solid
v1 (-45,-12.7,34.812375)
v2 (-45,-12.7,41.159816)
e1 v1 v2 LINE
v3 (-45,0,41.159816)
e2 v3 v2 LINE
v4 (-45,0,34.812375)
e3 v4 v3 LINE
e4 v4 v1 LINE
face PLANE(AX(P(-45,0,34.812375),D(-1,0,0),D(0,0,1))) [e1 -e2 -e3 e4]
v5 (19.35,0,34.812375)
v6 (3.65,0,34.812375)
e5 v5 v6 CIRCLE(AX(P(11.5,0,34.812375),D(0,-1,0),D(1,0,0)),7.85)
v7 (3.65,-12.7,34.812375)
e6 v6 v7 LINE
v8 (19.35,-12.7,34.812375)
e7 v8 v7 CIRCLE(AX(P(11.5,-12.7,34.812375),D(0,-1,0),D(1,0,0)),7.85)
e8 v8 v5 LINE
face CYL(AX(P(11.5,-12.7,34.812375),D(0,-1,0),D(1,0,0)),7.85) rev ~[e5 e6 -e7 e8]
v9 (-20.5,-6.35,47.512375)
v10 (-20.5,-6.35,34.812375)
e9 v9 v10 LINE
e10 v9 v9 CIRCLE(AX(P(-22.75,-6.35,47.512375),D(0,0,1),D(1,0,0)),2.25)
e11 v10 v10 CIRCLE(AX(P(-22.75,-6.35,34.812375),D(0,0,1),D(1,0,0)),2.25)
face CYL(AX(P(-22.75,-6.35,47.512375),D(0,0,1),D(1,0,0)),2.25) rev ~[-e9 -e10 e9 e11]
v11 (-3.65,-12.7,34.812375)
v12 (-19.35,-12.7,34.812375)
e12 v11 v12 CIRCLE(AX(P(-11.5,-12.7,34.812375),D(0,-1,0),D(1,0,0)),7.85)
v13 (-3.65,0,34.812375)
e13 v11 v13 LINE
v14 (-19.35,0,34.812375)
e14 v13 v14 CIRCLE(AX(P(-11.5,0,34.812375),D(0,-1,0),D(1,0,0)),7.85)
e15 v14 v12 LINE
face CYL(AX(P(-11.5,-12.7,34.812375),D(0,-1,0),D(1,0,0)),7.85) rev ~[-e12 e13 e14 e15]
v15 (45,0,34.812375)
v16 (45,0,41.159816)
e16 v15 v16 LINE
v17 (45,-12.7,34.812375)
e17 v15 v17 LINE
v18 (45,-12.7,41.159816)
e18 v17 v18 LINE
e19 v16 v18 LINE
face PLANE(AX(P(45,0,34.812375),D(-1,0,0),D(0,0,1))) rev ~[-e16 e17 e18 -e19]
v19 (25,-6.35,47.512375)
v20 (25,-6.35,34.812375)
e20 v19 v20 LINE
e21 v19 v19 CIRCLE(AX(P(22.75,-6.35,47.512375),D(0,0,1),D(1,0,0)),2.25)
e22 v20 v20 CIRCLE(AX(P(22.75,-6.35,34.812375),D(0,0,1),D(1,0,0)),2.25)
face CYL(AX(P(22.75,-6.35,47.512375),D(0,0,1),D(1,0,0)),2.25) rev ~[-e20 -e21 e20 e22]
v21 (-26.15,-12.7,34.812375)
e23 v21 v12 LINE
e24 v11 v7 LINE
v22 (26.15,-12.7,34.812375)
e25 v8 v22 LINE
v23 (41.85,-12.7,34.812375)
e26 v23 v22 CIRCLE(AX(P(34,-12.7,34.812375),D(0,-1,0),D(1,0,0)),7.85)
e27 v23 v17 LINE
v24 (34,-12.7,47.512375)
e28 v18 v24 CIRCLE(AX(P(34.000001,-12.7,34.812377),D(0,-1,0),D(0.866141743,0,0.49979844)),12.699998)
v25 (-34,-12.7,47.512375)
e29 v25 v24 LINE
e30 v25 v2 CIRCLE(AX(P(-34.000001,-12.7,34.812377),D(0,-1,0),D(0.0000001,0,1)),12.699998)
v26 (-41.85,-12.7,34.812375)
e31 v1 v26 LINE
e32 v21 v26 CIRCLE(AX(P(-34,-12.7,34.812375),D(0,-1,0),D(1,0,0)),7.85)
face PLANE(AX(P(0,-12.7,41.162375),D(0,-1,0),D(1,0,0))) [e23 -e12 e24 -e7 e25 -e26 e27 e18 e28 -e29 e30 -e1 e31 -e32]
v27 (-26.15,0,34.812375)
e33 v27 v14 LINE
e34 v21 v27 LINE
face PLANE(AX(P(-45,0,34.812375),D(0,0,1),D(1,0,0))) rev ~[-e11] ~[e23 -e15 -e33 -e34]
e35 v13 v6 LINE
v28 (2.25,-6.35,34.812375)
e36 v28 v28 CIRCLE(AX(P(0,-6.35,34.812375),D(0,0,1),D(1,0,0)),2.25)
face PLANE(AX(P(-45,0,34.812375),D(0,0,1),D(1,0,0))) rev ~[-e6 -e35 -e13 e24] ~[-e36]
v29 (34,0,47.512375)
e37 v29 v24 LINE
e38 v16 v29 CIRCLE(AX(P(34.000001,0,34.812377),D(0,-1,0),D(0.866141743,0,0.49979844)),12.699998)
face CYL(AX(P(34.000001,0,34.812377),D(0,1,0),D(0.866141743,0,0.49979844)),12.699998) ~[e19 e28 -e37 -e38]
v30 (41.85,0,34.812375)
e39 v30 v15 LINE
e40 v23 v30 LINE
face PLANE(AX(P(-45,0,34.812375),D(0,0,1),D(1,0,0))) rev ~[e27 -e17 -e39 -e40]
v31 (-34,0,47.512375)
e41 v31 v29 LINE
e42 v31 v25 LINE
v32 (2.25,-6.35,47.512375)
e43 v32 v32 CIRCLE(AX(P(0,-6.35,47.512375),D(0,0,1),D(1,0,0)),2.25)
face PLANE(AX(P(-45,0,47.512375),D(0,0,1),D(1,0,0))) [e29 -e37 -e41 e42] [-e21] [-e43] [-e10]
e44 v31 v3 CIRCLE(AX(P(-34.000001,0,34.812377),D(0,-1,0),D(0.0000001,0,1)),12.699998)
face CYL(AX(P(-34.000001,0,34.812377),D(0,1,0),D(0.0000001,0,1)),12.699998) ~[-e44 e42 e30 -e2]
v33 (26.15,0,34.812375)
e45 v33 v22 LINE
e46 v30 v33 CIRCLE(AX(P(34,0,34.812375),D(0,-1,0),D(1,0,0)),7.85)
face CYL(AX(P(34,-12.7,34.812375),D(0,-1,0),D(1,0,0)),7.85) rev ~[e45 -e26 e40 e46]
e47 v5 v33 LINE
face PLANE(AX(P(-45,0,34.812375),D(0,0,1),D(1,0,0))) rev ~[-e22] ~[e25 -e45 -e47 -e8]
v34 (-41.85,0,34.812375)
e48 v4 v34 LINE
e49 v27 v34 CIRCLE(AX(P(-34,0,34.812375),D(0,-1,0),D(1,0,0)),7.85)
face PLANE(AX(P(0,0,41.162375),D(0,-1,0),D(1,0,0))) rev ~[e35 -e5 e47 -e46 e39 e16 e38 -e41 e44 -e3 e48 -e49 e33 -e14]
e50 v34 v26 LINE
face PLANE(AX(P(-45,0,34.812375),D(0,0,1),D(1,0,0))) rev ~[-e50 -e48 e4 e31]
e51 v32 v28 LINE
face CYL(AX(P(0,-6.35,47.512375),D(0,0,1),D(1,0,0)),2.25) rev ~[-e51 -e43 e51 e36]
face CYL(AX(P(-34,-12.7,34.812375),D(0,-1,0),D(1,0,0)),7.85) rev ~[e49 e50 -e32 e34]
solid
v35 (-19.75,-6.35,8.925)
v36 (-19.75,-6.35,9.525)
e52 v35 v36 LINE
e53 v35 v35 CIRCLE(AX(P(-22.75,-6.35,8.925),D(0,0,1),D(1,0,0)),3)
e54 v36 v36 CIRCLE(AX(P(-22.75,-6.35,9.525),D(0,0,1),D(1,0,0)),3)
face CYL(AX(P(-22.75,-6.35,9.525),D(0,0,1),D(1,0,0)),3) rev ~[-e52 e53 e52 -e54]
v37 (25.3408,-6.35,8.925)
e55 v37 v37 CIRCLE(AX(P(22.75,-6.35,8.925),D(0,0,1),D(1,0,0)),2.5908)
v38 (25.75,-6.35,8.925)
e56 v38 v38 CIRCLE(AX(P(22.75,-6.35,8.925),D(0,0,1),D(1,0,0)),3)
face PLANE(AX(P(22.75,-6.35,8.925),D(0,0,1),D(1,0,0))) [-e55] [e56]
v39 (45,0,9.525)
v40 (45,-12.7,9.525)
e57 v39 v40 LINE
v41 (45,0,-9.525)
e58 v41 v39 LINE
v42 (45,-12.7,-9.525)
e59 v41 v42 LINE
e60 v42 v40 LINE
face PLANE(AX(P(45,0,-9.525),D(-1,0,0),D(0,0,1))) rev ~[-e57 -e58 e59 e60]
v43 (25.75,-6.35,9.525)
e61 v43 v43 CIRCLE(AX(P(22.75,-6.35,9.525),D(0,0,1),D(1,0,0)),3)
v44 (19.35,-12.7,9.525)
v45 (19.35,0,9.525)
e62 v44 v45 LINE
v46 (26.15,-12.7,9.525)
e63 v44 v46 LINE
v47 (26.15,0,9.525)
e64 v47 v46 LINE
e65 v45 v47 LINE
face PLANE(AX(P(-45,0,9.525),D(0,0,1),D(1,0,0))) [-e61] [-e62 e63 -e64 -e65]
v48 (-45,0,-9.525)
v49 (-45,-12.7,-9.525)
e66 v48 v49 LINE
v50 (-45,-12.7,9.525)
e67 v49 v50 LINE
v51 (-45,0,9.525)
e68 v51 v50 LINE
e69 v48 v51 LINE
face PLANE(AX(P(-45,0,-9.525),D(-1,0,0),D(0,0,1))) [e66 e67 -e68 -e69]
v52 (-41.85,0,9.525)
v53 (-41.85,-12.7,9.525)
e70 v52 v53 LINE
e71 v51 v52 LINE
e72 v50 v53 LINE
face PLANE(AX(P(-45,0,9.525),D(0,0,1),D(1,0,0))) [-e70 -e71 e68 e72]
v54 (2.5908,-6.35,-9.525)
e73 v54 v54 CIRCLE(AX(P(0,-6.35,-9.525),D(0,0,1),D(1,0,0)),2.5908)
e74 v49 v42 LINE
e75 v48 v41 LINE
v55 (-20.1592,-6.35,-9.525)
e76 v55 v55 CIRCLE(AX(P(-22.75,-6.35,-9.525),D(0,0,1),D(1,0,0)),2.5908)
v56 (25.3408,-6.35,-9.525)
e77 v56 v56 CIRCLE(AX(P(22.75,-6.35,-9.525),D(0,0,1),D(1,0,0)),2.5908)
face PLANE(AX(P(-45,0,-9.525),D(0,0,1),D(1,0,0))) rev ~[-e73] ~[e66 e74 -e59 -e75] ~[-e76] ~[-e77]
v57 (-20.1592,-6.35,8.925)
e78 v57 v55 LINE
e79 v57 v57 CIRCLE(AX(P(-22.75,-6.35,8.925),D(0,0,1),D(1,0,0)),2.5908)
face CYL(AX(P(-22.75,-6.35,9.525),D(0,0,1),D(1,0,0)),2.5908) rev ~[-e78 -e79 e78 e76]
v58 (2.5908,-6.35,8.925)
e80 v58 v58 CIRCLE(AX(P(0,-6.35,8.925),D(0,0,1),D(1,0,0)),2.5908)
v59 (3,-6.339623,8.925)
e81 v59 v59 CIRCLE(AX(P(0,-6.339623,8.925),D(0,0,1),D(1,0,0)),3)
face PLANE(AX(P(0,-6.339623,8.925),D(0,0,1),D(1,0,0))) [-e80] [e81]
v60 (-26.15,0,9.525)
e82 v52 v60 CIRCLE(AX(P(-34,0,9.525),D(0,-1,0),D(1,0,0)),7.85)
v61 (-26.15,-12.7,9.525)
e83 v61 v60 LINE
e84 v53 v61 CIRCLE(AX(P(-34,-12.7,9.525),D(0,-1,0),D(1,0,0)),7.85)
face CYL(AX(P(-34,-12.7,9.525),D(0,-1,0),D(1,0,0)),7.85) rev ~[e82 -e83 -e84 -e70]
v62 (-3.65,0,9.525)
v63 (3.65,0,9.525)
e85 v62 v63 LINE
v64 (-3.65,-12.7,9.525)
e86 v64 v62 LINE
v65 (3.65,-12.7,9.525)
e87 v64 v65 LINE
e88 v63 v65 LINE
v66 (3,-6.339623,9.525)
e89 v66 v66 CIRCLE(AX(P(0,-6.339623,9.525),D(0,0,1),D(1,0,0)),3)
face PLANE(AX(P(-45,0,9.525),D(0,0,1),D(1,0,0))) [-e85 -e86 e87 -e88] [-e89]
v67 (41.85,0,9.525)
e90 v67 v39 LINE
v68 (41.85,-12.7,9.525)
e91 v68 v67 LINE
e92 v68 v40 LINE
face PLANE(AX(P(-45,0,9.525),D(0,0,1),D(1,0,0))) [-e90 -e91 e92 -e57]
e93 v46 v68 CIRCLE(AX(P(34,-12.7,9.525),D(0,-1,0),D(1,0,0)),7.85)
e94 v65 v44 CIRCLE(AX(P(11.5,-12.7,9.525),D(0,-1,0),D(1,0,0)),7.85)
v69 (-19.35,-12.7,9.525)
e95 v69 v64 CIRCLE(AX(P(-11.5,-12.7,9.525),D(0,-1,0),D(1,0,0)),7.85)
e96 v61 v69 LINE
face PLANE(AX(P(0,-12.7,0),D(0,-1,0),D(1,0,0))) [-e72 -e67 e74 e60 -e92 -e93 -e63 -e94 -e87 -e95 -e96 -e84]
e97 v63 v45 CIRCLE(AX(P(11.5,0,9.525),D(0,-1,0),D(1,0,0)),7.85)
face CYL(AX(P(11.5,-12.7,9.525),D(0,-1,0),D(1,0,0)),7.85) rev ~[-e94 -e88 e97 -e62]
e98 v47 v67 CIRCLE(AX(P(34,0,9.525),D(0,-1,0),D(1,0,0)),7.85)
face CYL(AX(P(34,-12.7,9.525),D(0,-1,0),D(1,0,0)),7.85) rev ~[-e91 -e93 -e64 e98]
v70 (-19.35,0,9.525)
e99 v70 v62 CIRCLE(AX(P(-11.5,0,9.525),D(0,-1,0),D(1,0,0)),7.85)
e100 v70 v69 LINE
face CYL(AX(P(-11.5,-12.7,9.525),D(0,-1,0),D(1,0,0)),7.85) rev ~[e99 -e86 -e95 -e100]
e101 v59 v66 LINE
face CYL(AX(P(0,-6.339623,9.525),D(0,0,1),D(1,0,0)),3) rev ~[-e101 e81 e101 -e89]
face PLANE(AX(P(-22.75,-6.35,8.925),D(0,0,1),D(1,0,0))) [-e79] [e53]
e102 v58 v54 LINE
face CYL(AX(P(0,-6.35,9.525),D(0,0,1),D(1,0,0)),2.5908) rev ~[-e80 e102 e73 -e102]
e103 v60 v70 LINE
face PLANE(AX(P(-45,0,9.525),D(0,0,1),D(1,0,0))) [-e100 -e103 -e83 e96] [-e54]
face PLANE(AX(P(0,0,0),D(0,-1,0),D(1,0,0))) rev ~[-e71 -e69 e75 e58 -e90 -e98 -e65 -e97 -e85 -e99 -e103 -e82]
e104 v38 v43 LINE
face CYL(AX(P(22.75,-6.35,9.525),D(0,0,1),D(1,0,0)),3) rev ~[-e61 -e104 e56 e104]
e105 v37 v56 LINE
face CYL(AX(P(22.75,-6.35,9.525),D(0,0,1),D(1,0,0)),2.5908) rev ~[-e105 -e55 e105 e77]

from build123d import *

# Parameters (mm, degrees)
F0_W      = 90
F0_H      = 19.05
F1_DEPTH  = 12.7
F2_R      = 7.85
F3_DEPTH  = 25.4
F4_W      = 90
F4_H      = 12.7
F5_DEPTH  = 12.7
F6_R      = 7.85
F7_DEPTH  = 25.4
F8_R      = 2.25
F9_DEPTH  = 25.4
F10_R     = 2.5908
F11_DEPTH = 20
F12_R     = 3
F13_DEPTH = 0.5
F14_DEPTH = 0.6
F16_DEPTH = 12.7


with BuildPart() as f1:
    # F0 (on Front) → F1 (new body)
    with BuildSketch(Plane.XZ):
        Rectangle(F0_W, F0_H)
    extrude(amount=F1_DEPTH)

    # F2 (on face) → F3 (cut)
    with BuildSketch(Plane.XZ.offset(12.7)):
        with Locations((-34, 9.525)):
            Circle(F2_R)
        with Locations((-11.5, 9.525)):
            Circle(F2_R)
        with Locations((11.5, 9.525)):
            Circle(F2_R)
        with Locations((34, 9.525)):
            Circle(F2_R)
    extrude(amount=-F3_DEPTH, mode=Mode.SUBTRACT)

    # F10 (on face) → F11 (cut)
    with BuildSketch(Plane.XY.offset(9.525)):
        with Locations((-22.75, -6.35)):
            Circle(F10_R)
        with Locations((0, -6.35)):
            Circle(F10_R)
        with Locations((22.75, -6.35)):
            Circle(F10_R)
    extrude(amount=-F11_DEPTH, mode=Mode.SUBTRACT)

    # F12 (on face) → F13 (cut)
    with BuildSketch(Plane.XY.offset(9.525)):
        with Locations((-22.75, -6.35)):
            Circle(F12_R)
        with Locations((22.75, -6.35)):
            Circle(F12_R)
        with Locations((0, -6.339623)):
            Circle(F12_R)
    extrude(amount=-F13_DEPTH, mode=Mode.SUBTRACT)

    # F12 (on face) → F14 (cut)
    with BuildSketch(Plane.XY.offset(9.525)):
        with Locations((-22.75, -6.35)):
            Circle(F12_R)
        with Locations((22.75, -6.35)):
            Circle(F12_R)
        with Locations((0, -6.339623)):
            Circle(F12_R)
    extrude(amount=-F14_DEPTH, mode=Mode.SUBTRACT)


with BuildPart() as f5:
    # F4 (on Front) → F5 (new body)
    with BuildSketch(Plane.XZ):
        with Locations((0, 41.162375)):
            Rectangle(F4_W, F4_H)
    extrude(amount=F5_DEPTH)

    # F6 (on face) → F7 (cut)
    with BuildSketch(Plane.XZ.offset(12.7)):
        with Locations((-34, 34.812375)):
            Circle(F6_R)
        with Locations((-11.5, 34.812375)):
            Circle(F6_R)
        with Locations((11.5, 34.812375)):
            Circle(F6_R)
        with Locations((34, 34.812375)):
            Circle(F6_R)
    extrude(amount=-F7_DEPTH, mode=Mode.SUBTRACT)

    # F8 (on face) → F9 (cut)
    with BuildSketch(Plane.XY.offset(47.512375)):
        with Locations((-22.75, -6.35)):
            Circle(F8_R)
        with Locations((0, -6.35)):
            Circle(F8_R)
        with Locations((22.75, -6.35)):
            Circle(F8_R)
    extrude(amount=-F9_DEPTH, mode=Mode.SUBTRACT)

    # F15 (on face) → F16 (cut, through all)
    with BuildSketch(Plane(origin=(0, 0, 0), x_dir=(-1, 0, 0), z_dir=(0, 1, 0))):
        with BuildLine():
            ThreePointArc((34, 47.512375), (40.35128, 45.810159), (45, 41.159816))
            Line((45, 41.159816), (45, 47.512375))
            Line((45, 47.512375), (34, 47.512375))
        make_face()
        with BuildLine():
            ThreePointArc((-45, 41.159816), (-40.35128, 45.810159), (-34, 47.512375))
            Line((-34, 47.512375), (-45, 47.512375))
            Line((-45, 47.512375), (-45, 41.159816))
        make_face()
    extrude(amount=-F16_DEPTH, mode=Mode.SUBTRACT)


solid = Compound([f1.part, f5.part])
